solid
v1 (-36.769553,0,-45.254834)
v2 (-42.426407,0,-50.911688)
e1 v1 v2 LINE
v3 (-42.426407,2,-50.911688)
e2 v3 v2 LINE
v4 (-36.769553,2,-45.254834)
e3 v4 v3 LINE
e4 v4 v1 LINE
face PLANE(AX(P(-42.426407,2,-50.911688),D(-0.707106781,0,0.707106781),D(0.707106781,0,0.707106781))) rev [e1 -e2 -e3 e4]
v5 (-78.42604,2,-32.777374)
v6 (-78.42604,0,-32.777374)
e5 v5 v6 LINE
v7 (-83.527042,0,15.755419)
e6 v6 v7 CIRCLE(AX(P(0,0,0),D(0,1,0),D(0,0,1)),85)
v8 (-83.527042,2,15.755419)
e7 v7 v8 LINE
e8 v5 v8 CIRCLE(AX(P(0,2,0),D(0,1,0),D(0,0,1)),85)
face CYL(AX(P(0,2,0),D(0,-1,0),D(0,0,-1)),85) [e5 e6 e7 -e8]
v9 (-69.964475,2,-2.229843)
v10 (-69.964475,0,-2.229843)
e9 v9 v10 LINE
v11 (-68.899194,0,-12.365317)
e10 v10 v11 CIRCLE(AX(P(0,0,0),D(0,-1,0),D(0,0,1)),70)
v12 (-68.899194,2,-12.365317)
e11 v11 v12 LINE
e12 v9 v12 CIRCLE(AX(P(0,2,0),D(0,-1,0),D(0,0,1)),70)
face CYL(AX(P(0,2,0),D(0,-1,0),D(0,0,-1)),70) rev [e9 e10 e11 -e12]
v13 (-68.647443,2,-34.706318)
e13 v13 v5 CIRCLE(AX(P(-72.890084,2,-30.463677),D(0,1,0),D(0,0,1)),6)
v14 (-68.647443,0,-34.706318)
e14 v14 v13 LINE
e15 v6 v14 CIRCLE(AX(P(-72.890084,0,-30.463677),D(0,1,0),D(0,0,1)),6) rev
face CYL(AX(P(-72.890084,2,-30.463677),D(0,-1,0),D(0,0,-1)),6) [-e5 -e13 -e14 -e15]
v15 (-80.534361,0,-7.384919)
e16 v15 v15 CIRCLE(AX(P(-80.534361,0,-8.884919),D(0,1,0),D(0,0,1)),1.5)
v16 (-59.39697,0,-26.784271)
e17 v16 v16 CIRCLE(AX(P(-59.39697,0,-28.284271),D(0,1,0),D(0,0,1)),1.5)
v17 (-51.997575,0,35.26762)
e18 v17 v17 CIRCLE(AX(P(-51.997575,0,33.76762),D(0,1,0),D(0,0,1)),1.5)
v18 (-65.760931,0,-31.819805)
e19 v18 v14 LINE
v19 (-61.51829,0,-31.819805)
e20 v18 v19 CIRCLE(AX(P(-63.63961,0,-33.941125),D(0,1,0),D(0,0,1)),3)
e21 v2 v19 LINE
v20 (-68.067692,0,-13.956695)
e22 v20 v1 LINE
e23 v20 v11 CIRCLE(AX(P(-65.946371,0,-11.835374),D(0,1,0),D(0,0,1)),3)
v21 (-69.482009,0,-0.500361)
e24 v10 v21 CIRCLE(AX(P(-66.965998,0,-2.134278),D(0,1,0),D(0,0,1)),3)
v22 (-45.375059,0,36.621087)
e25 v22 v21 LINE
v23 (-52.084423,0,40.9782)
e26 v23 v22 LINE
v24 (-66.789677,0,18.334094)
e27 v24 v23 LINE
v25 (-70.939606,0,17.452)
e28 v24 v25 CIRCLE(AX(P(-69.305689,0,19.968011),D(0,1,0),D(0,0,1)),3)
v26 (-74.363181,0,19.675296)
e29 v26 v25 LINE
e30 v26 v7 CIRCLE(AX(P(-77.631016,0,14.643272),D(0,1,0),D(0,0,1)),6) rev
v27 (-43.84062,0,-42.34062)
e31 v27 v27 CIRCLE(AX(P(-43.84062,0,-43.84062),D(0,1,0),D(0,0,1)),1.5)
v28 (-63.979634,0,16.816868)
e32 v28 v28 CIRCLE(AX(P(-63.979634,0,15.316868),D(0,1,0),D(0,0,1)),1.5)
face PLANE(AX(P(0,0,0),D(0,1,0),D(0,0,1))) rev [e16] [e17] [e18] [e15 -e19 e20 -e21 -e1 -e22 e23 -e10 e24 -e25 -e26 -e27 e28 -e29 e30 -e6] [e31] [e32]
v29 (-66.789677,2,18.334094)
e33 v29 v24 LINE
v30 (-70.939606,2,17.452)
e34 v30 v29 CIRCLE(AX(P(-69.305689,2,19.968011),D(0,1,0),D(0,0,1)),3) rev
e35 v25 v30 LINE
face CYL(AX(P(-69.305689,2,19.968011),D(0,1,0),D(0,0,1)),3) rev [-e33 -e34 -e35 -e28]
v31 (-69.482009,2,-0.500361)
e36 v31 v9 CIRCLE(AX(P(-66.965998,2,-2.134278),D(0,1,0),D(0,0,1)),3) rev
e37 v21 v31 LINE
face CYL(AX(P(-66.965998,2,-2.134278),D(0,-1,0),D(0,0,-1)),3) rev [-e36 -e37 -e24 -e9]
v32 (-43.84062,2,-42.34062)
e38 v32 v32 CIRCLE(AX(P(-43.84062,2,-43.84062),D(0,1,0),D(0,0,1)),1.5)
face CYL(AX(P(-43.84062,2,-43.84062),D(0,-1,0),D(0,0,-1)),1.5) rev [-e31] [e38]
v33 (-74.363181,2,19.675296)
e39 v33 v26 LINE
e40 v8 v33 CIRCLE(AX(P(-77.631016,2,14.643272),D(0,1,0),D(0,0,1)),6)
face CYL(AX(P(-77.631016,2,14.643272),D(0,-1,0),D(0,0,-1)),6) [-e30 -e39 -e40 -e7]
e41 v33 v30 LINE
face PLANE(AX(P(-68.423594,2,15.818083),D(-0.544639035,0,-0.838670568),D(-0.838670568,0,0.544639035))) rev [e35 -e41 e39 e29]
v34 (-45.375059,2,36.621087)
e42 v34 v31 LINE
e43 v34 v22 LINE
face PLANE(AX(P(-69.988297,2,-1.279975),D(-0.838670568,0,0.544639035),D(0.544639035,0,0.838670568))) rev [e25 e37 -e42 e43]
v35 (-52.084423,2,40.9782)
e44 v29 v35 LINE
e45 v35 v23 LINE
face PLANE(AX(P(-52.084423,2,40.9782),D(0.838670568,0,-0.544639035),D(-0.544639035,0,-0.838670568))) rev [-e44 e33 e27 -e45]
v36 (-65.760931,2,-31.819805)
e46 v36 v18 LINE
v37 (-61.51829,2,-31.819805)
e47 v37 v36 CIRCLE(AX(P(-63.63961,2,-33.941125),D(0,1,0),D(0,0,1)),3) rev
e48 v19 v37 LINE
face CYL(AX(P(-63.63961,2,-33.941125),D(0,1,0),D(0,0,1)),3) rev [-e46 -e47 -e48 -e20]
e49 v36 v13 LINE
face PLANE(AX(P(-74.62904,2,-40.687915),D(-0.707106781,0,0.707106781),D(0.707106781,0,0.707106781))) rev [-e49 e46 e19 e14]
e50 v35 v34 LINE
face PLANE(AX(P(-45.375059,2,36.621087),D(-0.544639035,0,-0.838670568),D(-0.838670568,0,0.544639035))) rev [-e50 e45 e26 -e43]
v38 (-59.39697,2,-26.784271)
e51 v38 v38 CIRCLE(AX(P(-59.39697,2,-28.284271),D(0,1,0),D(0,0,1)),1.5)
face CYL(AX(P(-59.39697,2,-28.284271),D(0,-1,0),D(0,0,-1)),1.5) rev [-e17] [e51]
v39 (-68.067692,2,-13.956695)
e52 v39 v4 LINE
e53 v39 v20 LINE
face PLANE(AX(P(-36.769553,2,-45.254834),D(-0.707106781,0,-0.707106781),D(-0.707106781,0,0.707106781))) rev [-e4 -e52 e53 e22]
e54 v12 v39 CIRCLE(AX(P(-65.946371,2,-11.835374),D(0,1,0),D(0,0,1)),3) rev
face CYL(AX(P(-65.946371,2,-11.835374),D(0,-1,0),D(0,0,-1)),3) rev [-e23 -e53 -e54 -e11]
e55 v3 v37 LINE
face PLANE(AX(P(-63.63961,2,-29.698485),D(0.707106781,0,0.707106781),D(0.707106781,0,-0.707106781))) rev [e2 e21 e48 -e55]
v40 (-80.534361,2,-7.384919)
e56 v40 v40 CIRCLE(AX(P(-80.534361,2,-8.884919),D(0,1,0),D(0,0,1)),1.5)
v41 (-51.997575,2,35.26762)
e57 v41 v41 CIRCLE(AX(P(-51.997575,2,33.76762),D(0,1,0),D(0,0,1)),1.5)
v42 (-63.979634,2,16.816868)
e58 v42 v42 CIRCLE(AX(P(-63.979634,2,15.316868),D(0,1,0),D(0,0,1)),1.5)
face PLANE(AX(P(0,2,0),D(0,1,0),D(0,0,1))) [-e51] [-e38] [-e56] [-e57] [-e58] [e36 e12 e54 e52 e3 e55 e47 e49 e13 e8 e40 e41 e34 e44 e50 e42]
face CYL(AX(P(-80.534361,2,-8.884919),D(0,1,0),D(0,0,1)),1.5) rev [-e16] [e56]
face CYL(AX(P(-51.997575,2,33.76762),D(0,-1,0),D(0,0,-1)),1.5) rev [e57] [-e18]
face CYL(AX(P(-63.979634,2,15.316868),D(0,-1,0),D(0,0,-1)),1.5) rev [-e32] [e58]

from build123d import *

# Parameters (mm, degrees)
SKETCH1_R                = 1.5
BOSS_EXTRUDE1_DEPTH      = 2
FILLET1_R                = 6
FILLET2_R                = 3
F_3_0_3_DIAMETER_HOLE1_D = 3


with BuildPart() as part:
    # Sketch1 → Boss-Extrude1 (new body)
    with BuildSketch(Plane(origin=(0, 0, 0), x_dir=(1, 0, 0), z_dir=(0, 1, 0))):
        with BuildLine():
            Line((-74.629040009, 40.687914512), (-63.639610307, 29.69848481))
            Line((-63.639610307, 29.69848481), (-42.426406871, 50.911688245))
            Line((-42.426406871, 50.911688245), (-36.769552622, 45.254833996))
            Line((-36.769552622, 45.254833996), (-68.72500623, 13.299380388))
            ThreePointArc((-68.72500623, 13.299380388), (-69.616532676, 7.316992429), (-69.988296617, 1.279975229))
            Line((-69.988296617, 1.279975229), (-45.375058731, -36.621087439))
            Line((-45.375058731, -36.621087439), (-52.084423274, -40.978199719))
            Line((-52.084423274, -40.978199719), (-68.423594325, -15.81808268))
            Line((-68.423594325, -15.81808268), (-81.457709532, -24.282536066))
            ThreePointArc((-81.457709532, -24.282536066), (-84.534361106, 8.884919378), (-74.629040009, 40.687914512))
        make_face()
        with Locations((-43.840620434, 43.840620434)):
            Circle(SKETCH1_R, mode=Mode.SUBTRACT)
        with Locations((-59.39696962, 28.284271247)):
            Circle(SKETCH1_R, mode=Mode.SUBTRACT)
        with Locations((-51.997575213, -33.767620171)):
            Circle(SKETCH1_R, mode=Mode.SUBTRACT)
        with Locations((-63.979633983, -15.316867676)):
            Circle(SKETCH1_R, mode=Mode.SUBTRACT)
    extrude(amount=BOSS_EXTRUDE1_DEPTH)

    # Fillet1
    fillet1_edges = [part.edges().sort_by_distance(p)[0] for p in [
        (-74.629040009, 1, -40.687914512),
        (-81.457709532, 1, 24.282536066),
    ]]
    fillet(fillet1_edges, radius=FILLET1_R)

    # Fillet2
    fillet2_edges = [part.edges().sort_by_distance(p)[0] for p in [
        (-63.639610307, 1, -29.69848481),
        (-68.72500623, 1, -13.299380388),
        (-69.988296617, 1, -1.279975229),
        (-68.423594325, 1, 15.81808268),
    ]]
    fillet(fillet2_edges, radius=FILLET2_R)

    # Ø3.0 (3) Diameter Hole1 (through all)
    with Locations(Plane(origin=(0, 2, 0), x_dir=(1, 0, 0), z_dir=(0, 1, 0))):
        with Locations((-80.534361106, 8.884919378)):
            Hole(F_3_0_3_DIAMETER_HOLE1_D / 2)


solid = part.part
